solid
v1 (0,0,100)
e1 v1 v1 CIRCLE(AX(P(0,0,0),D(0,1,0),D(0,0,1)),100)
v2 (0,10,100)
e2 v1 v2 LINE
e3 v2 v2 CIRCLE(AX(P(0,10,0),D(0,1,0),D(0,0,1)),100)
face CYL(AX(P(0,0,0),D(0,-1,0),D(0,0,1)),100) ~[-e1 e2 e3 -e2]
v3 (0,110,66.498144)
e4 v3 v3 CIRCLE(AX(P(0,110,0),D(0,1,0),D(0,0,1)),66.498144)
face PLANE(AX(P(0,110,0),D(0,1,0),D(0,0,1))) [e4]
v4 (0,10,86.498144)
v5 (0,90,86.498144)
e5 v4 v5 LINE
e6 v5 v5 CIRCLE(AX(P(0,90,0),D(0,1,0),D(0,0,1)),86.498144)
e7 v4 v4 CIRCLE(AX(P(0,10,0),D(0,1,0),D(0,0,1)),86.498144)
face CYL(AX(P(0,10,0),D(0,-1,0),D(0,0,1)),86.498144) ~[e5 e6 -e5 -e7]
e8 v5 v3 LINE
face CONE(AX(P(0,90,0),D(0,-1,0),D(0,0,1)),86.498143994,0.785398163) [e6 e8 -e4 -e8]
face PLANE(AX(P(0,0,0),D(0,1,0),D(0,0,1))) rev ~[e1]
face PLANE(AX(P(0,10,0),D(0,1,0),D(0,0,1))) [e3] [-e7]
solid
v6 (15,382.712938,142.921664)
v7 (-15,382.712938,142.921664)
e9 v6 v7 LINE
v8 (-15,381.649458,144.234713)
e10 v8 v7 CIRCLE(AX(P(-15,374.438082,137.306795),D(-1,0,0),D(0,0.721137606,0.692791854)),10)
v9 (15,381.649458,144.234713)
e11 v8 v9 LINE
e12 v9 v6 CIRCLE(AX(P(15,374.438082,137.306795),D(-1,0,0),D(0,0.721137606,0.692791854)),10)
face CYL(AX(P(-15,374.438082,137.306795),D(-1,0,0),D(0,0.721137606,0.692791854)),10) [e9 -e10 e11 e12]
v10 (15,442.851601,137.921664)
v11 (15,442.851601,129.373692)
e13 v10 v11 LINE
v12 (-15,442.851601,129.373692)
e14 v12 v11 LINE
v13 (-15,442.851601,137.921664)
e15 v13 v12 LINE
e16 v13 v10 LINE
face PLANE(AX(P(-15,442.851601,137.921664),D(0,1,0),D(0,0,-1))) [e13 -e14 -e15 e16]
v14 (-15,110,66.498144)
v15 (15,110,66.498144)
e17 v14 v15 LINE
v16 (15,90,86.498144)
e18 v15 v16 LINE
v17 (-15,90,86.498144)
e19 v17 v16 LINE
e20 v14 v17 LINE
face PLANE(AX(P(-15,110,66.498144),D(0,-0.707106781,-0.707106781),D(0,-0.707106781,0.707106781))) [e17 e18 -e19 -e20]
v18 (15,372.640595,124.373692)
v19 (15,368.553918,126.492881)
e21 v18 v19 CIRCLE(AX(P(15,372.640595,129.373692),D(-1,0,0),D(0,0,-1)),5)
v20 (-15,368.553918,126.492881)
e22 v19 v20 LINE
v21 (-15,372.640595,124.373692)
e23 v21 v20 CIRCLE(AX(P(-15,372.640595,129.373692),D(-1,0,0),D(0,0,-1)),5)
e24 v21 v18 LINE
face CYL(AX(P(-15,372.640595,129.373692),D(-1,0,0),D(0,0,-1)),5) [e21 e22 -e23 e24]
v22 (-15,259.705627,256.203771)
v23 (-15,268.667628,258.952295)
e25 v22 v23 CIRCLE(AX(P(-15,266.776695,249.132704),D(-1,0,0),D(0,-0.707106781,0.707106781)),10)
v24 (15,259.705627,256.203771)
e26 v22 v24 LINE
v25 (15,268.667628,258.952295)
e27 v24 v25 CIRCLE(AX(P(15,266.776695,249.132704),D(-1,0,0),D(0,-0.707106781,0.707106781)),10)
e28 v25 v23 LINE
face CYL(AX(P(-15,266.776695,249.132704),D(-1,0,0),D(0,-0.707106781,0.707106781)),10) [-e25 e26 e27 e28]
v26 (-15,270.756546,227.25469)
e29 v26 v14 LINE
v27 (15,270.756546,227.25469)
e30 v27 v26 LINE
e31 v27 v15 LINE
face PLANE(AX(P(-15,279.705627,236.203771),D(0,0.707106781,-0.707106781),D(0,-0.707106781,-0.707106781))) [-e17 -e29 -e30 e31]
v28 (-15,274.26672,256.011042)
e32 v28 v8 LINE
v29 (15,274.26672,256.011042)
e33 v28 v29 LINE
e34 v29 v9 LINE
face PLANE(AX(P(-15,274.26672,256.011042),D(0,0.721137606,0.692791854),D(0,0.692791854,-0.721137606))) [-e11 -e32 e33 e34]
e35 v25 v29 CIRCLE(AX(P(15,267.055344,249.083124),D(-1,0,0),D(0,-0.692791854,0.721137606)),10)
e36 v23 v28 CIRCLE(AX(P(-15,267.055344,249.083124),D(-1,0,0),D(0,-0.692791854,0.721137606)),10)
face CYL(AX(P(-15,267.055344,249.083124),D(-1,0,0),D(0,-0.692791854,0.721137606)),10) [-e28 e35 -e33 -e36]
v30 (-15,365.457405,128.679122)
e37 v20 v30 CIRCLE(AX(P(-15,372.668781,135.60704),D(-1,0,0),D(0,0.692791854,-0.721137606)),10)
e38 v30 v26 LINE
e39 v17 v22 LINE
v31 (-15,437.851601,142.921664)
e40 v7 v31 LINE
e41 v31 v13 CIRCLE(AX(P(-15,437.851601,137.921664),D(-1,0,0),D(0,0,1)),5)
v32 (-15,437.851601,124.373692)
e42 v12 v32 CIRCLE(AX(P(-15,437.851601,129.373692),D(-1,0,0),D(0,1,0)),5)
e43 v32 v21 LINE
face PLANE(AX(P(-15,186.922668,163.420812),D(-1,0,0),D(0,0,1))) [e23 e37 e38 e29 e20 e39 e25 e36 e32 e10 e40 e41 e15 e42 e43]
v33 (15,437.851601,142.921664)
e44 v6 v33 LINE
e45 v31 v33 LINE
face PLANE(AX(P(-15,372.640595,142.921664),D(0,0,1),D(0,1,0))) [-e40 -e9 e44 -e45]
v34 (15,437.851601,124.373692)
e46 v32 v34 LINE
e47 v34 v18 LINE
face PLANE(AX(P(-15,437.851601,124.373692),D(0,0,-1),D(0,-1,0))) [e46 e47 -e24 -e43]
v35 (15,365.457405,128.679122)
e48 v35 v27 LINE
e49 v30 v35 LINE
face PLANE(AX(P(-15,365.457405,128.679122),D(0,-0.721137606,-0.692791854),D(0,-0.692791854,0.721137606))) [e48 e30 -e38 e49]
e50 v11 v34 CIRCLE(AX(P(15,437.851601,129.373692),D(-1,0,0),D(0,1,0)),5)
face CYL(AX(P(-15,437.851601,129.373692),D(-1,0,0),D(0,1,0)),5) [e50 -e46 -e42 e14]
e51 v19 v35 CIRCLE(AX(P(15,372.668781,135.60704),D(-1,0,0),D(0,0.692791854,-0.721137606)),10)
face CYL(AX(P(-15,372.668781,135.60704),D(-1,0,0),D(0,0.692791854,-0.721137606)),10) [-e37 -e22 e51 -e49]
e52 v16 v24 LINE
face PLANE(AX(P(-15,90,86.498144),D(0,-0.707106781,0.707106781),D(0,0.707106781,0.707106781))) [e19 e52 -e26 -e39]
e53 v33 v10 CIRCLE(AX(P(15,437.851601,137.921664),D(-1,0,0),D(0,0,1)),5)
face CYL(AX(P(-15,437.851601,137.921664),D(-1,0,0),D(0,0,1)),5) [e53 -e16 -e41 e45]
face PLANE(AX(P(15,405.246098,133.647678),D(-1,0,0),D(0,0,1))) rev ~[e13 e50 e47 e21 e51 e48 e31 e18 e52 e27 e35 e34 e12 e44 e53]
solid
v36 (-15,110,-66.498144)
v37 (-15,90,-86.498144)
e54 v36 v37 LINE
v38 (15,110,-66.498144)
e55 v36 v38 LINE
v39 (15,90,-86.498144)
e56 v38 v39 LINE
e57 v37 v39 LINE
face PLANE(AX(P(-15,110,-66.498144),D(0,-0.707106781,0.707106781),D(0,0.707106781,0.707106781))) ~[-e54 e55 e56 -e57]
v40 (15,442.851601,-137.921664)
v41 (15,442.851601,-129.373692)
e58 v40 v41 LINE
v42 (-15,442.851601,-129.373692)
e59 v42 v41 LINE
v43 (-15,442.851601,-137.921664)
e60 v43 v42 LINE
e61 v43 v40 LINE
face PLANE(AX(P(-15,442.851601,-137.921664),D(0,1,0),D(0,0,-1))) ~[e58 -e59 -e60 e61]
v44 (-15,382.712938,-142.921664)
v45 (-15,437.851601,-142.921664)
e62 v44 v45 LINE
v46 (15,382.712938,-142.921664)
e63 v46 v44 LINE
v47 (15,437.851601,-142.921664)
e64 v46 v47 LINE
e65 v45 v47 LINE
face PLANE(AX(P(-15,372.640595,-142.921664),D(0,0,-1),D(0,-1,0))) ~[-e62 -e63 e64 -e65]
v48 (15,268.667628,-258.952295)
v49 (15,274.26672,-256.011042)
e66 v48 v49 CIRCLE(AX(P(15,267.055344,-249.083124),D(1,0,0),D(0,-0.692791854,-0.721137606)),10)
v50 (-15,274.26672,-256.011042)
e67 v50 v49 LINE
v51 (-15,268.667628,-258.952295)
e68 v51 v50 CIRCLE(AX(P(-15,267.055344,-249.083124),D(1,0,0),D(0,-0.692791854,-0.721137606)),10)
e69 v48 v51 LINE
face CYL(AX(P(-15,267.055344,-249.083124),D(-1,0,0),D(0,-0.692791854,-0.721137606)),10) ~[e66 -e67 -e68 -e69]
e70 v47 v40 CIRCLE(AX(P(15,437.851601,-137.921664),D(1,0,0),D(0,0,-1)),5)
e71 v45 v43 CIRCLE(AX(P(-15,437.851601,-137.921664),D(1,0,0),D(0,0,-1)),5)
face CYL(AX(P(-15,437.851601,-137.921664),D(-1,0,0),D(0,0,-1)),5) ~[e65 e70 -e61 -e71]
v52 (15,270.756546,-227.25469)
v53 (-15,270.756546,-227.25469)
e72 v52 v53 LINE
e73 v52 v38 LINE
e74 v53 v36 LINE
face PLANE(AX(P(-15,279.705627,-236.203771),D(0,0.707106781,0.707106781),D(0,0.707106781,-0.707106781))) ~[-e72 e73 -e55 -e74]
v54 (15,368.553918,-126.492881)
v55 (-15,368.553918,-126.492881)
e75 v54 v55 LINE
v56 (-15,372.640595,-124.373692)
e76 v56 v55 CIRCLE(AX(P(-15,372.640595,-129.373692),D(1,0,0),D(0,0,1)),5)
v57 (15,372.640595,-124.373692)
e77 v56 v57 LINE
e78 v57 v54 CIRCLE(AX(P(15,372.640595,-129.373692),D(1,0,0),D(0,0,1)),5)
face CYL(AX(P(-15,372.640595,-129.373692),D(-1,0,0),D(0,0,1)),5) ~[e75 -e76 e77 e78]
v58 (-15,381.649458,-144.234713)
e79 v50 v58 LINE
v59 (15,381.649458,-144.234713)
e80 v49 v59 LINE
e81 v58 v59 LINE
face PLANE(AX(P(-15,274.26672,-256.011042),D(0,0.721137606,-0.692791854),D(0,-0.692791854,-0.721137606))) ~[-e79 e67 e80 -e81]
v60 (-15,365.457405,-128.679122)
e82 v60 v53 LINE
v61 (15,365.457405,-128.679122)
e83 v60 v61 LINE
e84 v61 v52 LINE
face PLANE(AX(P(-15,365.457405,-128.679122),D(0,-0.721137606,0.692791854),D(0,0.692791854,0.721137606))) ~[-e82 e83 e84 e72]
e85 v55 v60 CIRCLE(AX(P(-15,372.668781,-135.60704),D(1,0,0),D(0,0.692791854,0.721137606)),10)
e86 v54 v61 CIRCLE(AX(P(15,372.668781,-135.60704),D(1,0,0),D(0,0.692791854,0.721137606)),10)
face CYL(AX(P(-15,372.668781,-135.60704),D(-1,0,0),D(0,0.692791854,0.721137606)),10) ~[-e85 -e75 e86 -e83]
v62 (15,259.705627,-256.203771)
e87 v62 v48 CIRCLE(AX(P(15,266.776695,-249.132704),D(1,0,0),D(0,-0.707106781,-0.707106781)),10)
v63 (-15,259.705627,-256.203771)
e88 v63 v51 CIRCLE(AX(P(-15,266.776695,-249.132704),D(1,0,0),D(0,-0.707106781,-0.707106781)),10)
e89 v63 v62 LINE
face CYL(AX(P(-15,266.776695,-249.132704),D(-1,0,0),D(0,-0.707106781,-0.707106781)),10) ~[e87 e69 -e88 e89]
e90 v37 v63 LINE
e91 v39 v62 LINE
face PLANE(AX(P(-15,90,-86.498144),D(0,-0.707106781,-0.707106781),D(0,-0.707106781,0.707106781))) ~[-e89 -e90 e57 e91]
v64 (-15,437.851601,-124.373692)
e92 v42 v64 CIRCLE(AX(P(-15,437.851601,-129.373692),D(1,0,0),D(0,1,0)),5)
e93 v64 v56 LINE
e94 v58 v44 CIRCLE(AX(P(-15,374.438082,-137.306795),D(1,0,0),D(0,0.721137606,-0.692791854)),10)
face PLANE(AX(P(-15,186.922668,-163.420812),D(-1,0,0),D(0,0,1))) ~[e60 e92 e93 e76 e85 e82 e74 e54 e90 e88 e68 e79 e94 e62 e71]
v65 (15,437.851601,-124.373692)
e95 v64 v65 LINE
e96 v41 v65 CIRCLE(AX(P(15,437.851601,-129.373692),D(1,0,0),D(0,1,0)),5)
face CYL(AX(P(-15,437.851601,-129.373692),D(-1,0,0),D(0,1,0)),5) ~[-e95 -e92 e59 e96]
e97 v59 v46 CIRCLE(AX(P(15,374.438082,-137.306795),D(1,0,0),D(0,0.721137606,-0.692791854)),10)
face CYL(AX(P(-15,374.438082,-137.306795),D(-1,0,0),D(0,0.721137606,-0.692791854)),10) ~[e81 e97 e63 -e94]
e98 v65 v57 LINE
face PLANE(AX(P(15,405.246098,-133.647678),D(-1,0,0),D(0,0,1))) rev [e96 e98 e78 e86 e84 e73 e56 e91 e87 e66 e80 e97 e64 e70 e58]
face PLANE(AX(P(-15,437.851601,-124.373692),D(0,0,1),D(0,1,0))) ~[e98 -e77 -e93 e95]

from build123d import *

# Parameters (mm, degrees)
SKETCH2_R                = 100
BOSS_EXTRUDE1_DEPTH      = 10
SKETCH3_R                = 86.498143994
BOSS_EXTRUDE2_DEPTH      = 100
CHAMFER1_SIZE            = 20
BOSS_EXTRUDE3_DEPTH      = 15
BOSS_EXTRUDE3_DEPTH_BACK = 15
BOSS_EXTRUDE4_DEPTH      = 15
BOSS_EXTRUDE4_DEPTH_BACK = 15
BOSS_EXTRUDE5_DEPTH      = 15
BOSS_EXTRUDE5_DEPTH_BACK = 15


with BuildPart() as part:
    # Sketch2 → Boss-Extrude1 (new body)
    with BuildSketch(Plane(origin=(0, 0, 0), x_dir=(1, 0, 0), z_dir=(0, 1, 0))):
        Circle(SKETCH2_R)
    extrude(amount=BOSS_EXTRUDE1_DEPTH)

    # Sketch3 → Boss-Extrude2 (add)
    with BuildSketch(Plane(origin=(0, 10, 0), x_dir=(1, 0, 0), z_dir=(0, 1, 0))):
        Circle(SKETCH3_R)
    extrude(amount=BOSS_EXTRUDE2_DEPTH)

    # Chamfer1
    chamfer1_edges = [part.edges().sort_by_distance(p)[0] for p in [
        (-86.498143994, 110, 0),
    ]]
    chamfer(chamfer1_edges, length=CHAMFER1_SIZE)


with BuildPart() as body_2:
    # Sketch4 → Boss-Extrude3 (new, two sides: drawn at the far end of the back side and taken through both)
    with BuildSketch(Plane(origin=(0, 0, 0), x_dir=(0, 0, -1), z_dir=(1, 0, 0)).offset(-BOSS_EXTRUDE3_DEPTH_BACK)):
        with BuildLine():
            Line((-66.498143994, 110), (-86.498143994, 90))
            Line((-86.498143994, 90), (-256.203771479, 259.705627485))
            ThreePointArc((-256.203771479, 259.705627485), (-259.132703667, 266.776695297), (-256.203771479, 273.847763109))
            Line((-256.203771479, 273.847763109), (-250.345907103, 279.705627485))
            ThreePointArc((-250.345907103, 279.705627485), (-243.274839291, 282.634559673), (-236.203771479, 279.705627485))
            Line((-236.203771479, 279.705627485), (-66.498143994, 110))
        make_face()
    extrude(amount=BOSS_EXTRUDE3_DEPTH + BOSS_EXTRUDE3_DEPTH_BACK)

    # Sketch5 → Boss-Extrude4 (add, two sides: drawn at the far end of the back side and taken through both)
    with BuildSketch(Plane(origin=(0, 0, 0), x_dir=(0, 0, -1), z_dir=(1, 0, 0)).offset(-BOSS_EXTRUDE4_DEPTH_BACK)):
        with BuildLine():
            Line((-254.594745219, 258.358125178), (-256.294499809, 260.127425653))
            ThreePointArc((-256.294499809, 260.127425653), (-259.081114839, 267.25577893), (-256.011042283, 274.266720255))
            Line((-256.011042283, 274.266720255), (-144.234713298, 381.649457594))
            ThreePointArc((-144.234713298, 381.649457594), (-137.106360022, 384.436072625), (-130.095418696, 381.366000069))
            Line((-130.095418696, 381.366000069), (-128.395664107, 379.596699593))
            ThreePointArc((-128.395664107, 379.596699593), (-125.609049076, 372.468346317), (-128.679121632, 365.457404992))
            Line((-128.679121632, 365.457404992), (-240.455450617, 258.074667652))
            ThreePointArc((-240.455450617, 258.074667652), (-247.583803894, 255.288052622), (-254.594745219, 258.358125178))
        make_face()
    extrude(amount=BOSS_EXTRUDE4_DEPTH + BOSS_EXTRUDE4_DEPTH_BACK)

    # Sketch7 → Boss-Extrude5 (add, two sides: drawn at the far end of the back side and taken through both)
    with BuildSketch(Plane(origin=(0, 0, 0), x_dir=(0, 0, -1), z_dir=(1, 0, 0)).offset(-BOSS_EXTRUDE5_DEPTH_BACK)):
        with BuildLine():
            Line((-129.373692, 367.640594563), (-137.921663821, 367.640594563))
            ThreePointArc((-137.921663821, 367.640594563), (-141.457197727, 369.105060657), (-142.921663821, 372.640594563))
            Line((-142.921663821, 372.640594563), (-142.921663821, 437.851601178))
            ThreePointArc((-142.921663821, 437.851601178), (-141.457197727, 441.387135084), (-137.921663821, 442.851601178))
            Line((-137.921663821, 442.851601178), (-129.373692, 442.851601178))
            ThreePointArc((-129.373692, 442.851601178), (-125.838158094, 441.387135084), (-124.373692, 437.851601178))
            Line((-124.373692, 437.851601178), (-124.373692, 372.640594563))
            ThreePointArc((-124.373692, 372.640594563), (-125.838158094, 369.105060657), (-129.373692, 367.640594563))
        make_face()
    extrude(amount=BOSS_EXTRUDE5_DEPTH + BOSS_EXTRUDE5_DEPTH_BACK)


with BuildPart() as body_3:
    # Mirror6: mirrored copy
    add(body_2.part.mirror(Plane.XY))


solid = Compound([part.part, body_2.part, body_3.part])
